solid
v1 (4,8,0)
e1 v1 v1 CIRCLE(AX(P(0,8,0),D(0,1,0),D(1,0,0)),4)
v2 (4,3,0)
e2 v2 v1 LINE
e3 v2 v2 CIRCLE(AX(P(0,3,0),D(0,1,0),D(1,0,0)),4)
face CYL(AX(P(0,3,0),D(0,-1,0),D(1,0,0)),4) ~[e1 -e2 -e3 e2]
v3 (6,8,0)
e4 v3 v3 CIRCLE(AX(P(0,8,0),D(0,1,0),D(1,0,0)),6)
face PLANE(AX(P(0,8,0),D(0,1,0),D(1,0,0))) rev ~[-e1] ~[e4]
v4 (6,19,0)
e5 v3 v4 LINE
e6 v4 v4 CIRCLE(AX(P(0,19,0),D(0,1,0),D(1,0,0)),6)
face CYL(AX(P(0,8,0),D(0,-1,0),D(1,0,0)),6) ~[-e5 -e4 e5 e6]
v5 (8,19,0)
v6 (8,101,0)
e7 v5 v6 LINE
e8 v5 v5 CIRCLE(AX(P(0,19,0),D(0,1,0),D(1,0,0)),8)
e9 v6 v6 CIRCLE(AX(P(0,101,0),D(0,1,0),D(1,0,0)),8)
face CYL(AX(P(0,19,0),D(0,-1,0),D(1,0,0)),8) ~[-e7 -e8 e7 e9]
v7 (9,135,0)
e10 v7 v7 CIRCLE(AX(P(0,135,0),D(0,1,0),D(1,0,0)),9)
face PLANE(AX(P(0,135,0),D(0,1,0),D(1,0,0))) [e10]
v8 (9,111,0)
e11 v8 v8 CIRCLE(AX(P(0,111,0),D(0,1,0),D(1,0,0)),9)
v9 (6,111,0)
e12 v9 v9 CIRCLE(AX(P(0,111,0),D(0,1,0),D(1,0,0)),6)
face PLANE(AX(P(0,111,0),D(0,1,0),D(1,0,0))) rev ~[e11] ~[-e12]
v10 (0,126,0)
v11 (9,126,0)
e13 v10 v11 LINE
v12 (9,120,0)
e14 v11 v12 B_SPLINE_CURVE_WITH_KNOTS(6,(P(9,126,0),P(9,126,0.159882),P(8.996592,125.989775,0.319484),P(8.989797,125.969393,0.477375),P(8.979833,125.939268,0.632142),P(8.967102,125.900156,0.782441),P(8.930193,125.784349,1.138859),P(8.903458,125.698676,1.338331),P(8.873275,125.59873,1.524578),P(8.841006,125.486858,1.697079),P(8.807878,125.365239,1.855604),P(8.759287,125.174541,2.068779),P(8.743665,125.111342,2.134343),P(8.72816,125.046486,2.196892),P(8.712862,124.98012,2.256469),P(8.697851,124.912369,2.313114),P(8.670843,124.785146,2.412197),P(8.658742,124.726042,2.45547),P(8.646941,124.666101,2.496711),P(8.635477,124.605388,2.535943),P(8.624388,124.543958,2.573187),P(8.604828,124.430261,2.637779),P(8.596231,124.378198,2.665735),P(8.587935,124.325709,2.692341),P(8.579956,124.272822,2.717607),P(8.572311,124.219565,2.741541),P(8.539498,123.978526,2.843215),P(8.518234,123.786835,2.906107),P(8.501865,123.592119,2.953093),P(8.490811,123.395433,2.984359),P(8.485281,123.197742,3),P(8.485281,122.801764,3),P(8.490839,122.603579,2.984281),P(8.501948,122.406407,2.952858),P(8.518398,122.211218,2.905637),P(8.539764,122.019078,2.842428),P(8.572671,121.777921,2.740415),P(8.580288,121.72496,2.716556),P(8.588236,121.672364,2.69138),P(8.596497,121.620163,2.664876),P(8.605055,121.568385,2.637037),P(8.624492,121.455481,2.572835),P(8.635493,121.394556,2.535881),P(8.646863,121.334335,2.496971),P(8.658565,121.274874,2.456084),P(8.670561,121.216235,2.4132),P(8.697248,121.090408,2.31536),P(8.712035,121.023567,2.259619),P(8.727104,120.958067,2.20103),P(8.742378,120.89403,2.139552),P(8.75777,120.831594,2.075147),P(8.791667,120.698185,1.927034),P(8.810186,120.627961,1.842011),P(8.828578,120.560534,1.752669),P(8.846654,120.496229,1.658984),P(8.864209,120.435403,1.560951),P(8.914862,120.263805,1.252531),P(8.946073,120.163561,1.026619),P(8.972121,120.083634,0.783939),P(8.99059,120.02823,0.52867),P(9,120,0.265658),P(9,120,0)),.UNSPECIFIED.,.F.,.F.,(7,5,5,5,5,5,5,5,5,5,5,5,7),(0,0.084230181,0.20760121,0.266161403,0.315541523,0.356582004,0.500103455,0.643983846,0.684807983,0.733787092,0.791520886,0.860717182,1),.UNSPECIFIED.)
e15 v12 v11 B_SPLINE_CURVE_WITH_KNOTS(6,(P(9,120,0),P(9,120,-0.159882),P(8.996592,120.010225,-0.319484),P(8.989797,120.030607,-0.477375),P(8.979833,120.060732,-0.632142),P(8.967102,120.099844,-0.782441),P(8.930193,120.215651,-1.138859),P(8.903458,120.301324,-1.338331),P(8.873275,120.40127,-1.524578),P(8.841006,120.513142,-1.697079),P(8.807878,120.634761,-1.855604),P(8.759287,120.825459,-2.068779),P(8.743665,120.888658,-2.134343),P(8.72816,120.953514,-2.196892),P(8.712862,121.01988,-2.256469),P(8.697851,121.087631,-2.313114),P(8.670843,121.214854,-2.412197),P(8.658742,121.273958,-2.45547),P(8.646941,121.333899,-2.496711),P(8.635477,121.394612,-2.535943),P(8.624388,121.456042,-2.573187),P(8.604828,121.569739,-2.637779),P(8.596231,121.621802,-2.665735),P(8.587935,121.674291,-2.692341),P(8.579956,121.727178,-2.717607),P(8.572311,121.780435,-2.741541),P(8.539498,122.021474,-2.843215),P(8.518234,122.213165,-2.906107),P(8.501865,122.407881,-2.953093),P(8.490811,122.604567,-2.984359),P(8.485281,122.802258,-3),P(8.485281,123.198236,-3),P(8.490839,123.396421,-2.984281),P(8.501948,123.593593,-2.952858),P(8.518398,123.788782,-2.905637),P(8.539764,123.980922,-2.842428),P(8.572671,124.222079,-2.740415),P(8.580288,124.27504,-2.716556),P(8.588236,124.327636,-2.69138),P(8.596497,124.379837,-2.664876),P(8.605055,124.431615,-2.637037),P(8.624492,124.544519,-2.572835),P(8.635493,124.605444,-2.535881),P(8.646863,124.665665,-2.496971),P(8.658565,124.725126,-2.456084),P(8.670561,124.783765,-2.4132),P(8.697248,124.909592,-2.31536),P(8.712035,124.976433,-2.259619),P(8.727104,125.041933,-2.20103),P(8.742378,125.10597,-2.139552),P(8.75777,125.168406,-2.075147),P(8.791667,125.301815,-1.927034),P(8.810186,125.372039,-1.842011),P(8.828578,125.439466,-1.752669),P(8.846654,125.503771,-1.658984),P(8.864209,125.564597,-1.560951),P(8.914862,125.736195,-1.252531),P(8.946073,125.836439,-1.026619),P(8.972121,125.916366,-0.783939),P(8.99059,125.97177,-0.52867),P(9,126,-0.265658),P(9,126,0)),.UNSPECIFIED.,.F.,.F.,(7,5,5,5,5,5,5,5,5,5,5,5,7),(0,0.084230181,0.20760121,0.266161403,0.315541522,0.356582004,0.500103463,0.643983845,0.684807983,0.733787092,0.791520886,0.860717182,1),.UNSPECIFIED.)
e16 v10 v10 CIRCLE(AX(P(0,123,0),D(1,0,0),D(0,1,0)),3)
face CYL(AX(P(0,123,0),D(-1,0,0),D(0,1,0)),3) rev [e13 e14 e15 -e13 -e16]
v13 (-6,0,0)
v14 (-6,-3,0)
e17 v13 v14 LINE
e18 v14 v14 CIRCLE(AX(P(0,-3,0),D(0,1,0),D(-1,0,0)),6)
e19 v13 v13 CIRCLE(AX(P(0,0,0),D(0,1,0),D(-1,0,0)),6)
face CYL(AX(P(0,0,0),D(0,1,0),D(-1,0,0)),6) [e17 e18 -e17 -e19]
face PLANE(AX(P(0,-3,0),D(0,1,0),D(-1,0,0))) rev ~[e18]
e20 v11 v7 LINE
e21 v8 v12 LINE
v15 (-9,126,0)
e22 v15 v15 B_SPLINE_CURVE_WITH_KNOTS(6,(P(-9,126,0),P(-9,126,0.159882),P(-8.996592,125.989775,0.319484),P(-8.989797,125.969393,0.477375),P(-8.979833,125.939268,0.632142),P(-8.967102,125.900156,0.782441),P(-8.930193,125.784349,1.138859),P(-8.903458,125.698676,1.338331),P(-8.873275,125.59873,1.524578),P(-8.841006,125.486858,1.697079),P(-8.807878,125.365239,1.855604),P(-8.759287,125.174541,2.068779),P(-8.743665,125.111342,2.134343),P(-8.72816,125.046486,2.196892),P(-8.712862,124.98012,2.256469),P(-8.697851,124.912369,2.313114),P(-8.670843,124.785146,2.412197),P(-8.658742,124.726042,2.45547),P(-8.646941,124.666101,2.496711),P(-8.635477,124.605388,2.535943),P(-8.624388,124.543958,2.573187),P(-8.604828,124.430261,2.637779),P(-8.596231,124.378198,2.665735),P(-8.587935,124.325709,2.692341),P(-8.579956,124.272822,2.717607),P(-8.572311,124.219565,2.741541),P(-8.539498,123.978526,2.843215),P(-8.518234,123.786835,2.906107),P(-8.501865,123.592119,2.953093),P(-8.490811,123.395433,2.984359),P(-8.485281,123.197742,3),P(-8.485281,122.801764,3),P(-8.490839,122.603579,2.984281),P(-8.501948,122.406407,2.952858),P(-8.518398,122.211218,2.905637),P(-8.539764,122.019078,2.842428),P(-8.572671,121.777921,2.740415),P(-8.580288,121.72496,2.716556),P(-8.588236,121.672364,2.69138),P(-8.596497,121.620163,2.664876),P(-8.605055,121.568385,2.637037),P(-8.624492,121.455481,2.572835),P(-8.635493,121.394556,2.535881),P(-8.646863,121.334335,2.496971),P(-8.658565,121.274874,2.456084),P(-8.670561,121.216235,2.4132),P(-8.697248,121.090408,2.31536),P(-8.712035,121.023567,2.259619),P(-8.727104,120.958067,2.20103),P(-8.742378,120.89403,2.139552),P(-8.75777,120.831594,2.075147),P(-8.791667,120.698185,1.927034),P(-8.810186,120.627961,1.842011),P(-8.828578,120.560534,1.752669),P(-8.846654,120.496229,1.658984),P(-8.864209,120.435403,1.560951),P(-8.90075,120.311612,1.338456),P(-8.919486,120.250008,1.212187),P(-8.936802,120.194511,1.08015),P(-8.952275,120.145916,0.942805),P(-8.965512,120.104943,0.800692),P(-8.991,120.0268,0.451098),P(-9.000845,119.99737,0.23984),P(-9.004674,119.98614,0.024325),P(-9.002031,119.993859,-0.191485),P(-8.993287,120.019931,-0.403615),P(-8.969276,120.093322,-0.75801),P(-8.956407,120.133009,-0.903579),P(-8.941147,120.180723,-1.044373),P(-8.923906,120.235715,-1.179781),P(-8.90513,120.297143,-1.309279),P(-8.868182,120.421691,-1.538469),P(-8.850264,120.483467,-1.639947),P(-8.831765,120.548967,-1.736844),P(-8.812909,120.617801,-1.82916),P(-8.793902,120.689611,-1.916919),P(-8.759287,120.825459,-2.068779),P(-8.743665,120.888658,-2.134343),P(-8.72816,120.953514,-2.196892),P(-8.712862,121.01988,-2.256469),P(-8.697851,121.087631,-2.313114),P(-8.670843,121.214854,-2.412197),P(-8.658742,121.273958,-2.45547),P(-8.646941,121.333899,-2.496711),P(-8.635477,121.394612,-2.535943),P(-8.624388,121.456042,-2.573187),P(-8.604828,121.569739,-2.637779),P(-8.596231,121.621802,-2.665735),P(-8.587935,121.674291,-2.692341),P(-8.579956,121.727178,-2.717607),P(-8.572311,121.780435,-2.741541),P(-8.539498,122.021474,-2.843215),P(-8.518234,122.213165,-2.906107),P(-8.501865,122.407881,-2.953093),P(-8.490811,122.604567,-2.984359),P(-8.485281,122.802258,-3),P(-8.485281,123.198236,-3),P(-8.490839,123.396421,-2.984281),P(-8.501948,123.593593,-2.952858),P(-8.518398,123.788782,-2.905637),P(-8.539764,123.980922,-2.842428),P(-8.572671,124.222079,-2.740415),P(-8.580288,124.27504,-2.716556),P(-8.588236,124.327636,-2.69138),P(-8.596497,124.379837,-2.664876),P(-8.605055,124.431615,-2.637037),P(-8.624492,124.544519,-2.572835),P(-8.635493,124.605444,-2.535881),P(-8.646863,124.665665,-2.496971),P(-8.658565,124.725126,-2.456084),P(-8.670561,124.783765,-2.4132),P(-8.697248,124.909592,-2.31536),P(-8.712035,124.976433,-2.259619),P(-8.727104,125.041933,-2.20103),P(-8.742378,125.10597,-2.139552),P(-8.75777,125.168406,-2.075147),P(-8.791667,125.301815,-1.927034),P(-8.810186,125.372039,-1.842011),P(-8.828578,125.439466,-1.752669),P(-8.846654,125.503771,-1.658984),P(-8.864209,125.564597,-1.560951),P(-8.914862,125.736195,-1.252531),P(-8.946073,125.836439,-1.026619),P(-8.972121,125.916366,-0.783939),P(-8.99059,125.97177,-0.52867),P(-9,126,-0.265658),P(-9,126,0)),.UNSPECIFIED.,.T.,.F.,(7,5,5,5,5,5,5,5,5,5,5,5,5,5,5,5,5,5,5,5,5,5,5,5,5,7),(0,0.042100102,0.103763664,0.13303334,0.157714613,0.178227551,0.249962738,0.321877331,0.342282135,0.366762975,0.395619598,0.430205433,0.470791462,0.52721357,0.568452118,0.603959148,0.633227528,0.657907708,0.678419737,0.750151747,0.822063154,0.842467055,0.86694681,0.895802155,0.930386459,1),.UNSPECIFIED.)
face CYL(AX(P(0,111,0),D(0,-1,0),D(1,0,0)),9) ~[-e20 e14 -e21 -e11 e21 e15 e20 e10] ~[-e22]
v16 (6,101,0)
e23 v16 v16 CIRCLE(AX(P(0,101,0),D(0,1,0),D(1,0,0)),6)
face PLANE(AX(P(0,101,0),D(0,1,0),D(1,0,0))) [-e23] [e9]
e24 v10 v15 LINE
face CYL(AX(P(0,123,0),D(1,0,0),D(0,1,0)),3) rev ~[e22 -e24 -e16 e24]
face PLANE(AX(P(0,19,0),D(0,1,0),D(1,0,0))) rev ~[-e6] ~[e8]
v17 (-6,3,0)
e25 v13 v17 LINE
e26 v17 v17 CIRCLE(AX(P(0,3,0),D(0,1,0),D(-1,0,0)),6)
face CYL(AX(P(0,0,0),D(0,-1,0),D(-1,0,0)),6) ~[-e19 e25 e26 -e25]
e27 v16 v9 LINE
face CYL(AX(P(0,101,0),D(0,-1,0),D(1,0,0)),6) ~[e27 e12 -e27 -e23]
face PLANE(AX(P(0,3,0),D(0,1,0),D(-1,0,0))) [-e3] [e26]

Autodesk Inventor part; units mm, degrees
ref_plane "YZ Plane" through (0, 0, 0) normal (1, 0, 0) x (0, 1, 0)
ref_plane "XZ Plane" through (0, 0, 0) normal (0, 1, 0) x (-1, 0, 0)
ref_plane "XY Plane" through (0, 0, 0) normal (0, 0, 1) x (1, 0, 0)
sketch "Sketch1" plane through (0, 0, 0) normal (0, 1, 0) x (-1, 0, 0)
  circle A0 centre (0, 0) radius 6
  dimension "d0" = 12
extrude "Extrusion1" add sketch "Sketch1" along normal mid plane 6
sketch "Sketch2" plane through (0, 3, 0) normal (0, 1, 0) x (1, 0, 0)
  circle A0 centre (0, 0) radius 4
  dimension "d3" = 8
extrude "Extrusion2" add sketch "Sketch2" along normal blind 5
sketch "Sketch3" plane through (0, 8, 0) normal (0, 1, 0) x (1, 0, 0)
  circle A0 centre (0, 0) radius 6
  dimension "d6" = 12
extrude "Extrusion3" add sketch "Sketch3" along normal blind 11
sketch "Sketch4" plane through (0, 19, 0) normal (0, 1, 0) x (1, 0, 0)
  circle A0 centre (0, 0) radius 8
  dimension "d9" = 16
extrude "Extrusion4" add sketch "Sketch4" along normal blind 82
sketch "Sketch5" plane through (0, 101, 0) normal (0, 1, 0) x (1, 0, 0)
  circle A0 centre (0, 0) radius 6
  dimension "d12" = 12
extrude "Extrusion5" add sketch "Sketch5" along normal blind 10
sketch "Sketch6" plane through (0, 111, 0) normal (0, 1, 0) x (1, 0, 0)
  circle A0 centre (0, 0) radius 9
  dimension "d15" = 18
extrude "Extrusion6" add sketch "Sketch6" along normal blind 24
sketch "Sketch7" plane through (0, 0, 0) normal (1, 0, 0) x (0, 1, 0)
  circle A0 centre (123, 0) radius 3
  line L0 (111, -9) -> (111, 9) projected
  point P0 (0, 0)
  dimension "d18" = 6
  dimension "d19" = 12
extrude "Extrusion7" cut sketch "Sketch7" along normal mid plane 24
properties part number "Pieza09_Tornillo" material "Steel"
